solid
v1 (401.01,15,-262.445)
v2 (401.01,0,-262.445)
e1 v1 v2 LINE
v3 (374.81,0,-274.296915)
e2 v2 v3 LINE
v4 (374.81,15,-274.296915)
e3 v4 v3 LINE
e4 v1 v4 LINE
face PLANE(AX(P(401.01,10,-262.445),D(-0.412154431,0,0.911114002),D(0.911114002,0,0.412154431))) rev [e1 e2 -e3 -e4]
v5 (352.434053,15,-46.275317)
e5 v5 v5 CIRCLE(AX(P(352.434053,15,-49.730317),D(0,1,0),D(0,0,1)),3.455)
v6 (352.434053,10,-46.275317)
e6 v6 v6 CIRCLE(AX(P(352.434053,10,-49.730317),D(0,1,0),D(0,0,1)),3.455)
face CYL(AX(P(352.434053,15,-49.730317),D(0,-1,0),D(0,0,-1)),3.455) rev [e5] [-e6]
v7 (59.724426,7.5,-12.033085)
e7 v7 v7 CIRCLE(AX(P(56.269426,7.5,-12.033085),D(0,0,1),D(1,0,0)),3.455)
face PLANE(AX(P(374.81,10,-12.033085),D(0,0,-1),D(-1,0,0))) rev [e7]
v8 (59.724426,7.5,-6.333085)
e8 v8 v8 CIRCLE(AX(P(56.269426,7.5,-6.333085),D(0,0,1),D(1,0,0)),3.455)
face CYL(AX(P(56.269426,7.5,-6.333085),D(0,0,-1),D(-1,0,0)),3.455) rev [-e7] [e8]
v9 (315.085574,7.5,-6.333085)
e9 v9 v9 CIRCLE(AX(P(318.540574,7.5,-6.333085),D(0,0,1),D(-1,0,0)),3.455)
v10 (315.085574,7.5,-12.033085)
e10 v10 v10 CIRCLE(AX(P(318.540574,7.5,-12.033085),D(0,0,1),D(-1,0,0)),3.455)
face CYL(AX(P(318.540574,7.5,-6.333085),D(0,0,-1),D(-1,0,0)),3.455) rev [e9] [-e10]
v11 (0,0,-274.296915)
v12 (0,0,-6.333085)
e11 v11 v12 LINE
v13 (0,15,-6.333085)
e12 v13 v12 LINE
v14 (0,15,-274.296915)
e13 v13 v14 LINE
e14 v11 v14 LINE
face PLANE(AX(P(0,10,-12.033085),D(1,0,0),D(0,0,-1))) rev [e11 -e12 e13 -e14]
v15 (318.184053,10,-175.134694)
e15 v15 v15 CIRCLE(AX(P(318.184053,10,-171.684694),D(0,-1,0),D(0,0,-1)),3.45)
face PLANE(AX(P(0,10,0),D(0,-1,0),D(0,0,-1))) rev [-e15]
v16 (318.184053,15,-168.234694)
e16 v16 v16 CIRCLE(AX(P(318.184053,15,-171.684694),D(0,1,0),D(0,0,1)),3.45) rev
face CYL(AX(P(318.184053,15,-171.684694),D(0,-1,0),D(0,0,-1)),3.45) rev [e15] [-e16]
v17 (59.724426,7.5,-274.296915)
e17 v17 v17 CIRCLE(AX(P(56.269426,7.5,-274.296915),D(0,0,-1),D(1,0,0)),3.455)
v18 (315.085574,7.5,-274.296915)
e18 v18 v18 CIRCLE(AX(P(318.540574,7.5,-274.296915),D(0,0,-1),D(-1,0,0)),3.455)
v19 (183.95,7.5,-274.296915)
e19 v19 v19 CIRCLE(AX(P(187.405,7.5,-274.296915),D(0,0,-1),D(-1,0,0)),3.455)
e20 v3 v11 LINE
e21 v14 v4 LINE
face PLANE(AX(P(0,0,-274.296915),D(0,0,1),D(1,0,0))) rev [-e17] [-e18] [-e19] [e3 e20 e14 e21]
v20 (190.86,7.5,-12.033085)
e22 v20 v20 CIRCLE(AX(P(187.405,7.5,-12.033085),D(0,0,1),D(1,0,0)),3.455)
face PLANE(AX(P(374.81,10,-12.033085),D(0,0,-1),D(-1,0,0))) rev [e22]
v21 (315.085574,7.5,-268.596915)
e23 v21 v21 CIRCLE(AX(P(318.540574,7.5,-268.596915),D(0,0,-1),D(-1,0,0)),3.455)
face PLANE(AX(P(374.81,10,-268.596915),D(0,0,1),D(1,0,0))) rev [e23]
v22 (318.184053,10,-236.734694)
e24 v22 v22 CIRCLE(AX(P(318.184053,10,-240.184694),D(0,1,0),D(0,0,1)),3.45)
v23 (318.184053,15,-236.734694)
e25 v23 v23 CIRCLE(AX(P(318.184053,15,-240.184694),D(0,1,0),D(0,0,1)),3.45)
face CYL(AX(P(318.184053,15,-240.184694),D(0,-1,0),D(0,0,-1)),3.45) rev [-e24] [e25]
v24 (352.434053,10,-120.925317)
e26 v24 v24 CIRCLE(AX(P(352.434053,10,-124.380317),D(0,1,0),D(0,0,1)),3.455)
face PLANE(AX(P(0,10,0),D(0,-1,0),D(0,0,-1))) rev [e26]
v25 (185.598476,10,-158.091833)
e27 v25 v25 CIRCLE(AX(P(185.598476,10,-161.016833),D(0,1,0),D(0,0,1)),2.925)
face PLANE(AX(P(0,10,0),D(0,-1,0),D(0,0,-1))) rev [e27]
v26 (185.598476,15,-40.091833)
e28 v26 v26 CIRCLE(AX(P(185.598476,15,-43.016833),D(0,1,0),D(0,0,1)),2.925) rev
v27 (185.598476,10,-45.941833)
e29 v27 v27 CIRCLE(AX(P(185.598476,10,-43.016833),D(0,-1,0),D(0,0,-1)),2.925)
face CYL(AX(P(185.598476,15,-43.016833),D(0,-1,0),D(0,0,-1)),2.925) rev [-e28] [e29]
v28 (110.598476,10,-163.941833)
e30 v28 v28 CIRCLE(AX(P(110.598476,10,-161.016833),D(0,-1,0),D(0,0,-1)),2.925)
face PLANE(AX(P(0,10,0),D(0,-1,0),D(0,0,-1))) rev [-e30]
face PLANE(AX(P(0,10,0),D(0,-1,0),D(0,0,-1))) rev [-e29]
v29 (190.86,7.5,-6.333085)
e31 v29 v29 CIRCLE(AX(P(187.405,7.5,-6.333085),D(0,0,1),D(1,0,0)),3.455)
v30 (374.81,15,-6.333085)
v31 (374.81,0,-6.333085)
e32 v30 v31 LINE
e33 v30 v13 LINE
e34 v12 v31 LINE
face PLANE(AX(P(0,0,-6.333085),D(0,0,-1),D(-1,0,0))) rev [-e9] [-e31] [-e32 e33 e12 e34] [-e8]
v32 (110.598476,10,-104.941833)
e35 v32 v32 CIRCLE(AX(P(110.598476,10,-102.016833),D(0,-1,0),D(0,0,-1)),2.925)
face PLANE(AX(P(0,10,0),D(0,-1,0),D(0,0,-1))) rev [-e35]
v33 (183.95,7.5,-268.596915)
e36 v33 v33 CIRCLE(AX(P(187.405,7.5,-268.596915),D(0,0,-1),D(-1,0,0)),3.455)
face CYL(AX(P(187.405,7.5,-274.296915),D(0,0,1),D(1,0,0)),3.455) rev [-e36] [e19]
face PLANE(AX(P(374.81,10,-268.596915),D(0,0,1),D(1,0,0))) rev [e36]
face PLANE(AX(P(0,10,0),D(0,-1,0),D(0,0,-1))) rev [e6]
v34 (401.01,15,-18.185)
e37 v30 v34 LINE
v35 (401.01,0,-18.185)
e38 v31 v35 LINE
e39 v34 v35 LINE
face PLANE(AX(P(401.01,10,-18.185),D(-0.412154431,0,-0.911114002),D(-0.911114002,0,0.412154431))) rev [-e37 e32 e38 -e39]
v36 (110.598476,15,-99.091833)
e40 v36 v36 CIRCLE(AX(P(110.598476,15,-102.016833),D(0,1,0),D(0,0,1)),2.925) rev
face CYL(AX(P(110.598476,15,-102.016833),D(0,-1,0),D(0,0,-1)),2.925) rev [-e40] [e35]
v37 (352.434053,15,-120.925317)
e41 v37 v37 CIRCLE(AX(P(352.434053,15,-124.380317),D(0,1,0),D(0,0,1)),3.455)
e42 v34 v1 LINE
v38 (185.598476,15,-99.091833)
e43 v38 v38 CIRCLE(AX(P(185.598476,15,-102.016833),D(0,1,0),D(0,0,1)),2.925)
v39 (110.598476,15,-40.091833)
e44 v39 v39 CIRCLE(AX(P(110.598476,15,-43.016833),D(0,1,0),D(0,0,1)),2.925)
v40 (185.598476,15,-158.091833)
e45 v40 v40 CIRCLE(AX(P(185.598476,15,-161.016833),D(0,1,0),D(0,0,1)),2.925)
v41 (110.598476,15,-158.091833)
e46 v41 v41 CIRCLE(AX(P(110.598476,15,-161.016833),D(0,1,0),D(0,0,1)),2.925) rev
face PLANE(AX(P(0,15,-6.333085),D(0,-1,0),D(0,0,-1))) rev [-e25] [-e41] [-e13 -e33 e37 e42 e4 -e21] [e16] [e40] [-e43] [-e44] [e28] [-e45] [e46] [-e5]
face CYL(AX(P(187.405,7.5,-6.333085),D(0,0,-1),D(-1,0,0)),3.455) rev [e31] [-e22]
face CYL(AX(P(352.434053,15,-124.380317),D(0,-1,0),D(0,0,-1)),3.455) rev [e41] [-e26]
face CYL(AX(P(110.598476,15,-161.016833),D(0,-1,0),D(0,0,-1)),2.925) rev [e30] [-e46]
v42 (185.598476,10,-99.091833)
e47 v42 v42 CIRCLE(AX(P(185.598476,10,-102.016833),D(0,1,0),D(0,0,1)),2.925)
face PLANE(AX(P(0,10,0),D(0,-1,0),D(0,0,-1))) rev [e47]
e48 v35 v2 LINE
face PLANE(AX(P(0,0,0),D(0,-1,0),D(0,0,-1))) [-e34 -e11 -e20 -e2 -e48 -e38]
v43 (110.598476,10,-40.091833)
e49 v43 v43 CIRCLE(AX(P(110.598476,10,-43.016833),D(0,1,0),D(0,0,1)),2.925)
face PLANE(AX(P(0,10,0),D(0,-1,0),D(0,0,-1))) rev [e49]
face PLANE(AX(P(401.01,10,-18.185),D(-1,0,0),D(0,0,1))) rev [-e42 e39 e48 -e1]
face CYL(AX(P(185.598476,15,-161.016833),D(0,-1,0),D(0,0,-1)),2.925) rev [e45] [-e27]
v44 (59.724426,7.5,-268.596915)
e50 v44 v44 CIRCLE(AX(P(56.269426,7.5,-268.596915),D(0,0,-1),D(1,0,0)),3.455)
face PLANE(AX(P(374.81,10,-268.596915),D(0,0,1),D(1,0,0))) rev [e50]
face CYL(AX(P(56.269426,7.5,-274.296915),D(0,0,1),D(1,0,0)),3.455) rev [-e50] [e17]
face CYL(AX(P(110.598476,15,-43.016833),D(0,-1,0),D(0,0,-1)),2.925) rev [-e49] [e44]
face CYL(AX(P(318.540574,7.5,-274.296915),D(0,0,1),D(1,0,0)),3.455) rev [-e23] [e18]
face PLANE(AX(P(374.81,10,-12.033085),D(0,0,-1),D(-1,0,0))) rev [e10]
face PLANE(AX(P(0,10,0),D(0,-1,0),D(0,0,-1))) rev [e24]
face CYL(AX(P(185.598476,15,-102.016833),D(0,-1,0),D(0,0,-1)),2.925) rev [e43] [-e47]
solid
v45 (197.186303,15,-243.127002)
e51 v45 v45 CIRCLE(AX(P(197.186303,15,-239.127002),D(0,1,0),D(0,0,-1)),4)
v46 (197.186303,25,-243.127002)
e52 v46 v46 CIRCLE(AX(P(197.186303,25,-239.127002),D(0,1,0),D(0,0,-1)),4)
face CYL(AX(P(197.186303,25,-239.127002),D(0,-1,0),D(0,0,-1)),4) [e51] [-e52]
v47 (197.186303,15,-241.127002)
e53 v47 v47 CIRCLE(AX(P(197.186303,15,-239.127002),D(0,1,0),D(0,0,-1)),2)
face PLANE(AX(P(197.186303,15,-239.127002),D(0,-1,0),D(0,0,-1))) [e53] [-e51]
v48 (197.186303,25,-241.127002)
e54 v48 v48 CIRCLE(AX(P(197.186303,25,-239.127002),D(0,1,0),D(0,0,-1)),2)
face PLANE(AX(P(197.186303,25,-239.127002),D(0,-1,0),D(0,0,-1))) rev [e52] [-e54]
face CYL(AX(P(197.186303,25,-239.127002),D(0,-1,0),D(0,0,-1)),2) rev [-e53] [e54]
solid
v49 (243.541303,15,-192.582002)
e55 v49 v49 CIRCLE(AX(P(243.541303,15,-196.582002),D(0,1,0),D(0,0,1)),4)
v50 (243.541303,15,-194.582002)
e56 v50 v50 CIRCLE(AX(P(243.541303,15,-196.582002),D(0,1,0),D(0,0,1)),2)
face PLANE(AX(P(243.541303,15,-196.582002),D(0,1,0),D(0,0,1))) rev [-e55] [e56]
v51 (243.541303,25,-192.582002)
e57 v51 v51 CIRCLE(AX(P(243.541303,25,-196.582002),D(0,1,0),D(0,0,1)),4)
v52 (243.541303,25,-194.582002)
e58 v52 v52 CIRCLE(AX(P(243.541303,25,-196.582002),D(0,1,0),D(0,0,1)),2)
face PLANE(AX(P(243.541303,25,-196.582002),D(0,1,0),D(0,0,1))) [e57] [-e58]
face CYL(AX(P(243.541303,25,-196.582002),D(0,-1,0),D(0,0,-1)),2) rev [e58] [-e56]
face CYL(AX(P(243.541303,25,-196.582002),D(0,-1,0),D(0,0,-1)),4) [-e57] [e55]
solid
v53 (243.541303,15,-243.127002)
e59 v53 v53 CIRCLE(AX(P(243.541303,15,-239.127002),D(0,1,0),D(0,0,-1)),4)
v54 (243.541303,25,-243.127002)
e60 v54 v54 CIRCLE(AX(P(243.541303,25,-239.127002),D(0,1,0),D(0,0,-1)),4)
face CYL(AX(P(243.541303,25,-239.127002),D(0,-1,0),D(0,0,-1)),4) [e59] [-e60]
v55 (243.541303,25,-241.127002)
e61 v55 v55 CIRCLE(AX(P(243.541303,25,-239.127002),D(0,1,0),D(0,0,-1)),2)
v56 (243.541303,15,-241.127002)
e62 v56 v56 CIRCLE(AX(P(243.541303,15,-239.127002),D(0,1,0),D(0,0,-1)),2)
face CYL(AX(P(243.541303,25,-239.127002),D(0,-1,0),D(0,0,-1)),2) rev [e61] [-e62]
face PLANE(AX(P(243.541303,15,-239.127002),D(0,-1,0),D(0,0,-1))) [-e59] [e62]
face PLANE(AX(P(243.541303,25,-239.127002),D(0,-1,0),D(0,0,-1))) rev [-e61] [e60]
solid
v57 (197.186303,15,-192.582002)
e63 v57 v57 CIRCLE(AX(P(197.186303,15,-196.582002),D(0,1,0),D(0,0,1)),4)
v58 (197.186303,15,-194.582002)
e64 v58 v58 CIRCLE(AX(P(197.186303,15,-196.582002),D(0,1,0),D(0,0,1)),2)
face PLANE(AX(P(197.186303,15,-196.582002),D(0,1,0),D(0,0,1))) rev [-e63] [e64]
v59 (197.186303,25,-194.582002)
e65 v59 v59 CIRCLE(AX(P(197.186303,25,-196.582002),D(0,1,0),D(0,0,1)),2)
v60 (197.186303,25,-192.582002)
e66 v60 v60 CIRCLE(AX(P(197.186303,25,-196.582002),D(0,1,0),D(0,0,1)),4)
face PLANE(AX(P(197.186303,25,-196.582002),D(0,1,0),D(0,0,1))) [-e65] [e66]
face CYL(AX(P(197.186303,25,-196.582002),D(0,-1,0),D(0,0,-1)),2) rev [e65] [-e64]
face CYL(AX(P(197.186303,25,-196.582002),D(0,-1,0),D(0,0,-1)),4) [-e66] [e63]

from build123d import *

# Parameters (mm, degrees)
BOSS_EXTRUDE1_DEPTH   = 10
SKETCH2_R             = 2.925
SKETCH2_R_2           = 3.455
SKETCH2_R_3           = 3.45
BOSS_EXTRUDE3_DEPTH   = 5
SKETCH3_R             = 4
SKETCH3_R_2           = 2
BOSS_EXTRUDE4_DEPTH   = 10
BOSS_EXTRUDE4_2_DEPTH = 10
BOSS_EXTRUDE4_3_DEPTH = 10
BOSS_EXTRUDE4_4_DEPTH = 10
SKETCH4_W             = 374.81
SKETCH4_H             = 15
SKETCH4_R             = 3.455
BOSS_EXTRUDE5_DEPTH   = 5.7
SKETCH5_W             = 374.81
SKETCH5_H             = 15
SKETCH5_R             = 3.455
BOSS_EXTRUDE6_DEPTH   = 5.7


with BuildPart() as part:
    # Sketch1 → Boss-Extrude1 (new body)
    with BuildSketch(Plane(origin=(0, 0, 0), x_dir=(1, 0, 0), z_dir=(0, 1, 0))):
        Polygon((0, 12.033084577), (0, 268.596915423), (374.81, 268.596915423), (374.81, 274.296915423), (401.01, 262.445), (401.01, 18.185), (374.81, 6.333084577), (374.81, 12.033084577), align=None)
    extrude(amount=BOSS_EXTRUDE1_DEPTH)



with BuildPart() as body_2:
    # Sketch2 → Boss-Extrude3 (new body)
    with BuildSketch(Plane(origin=(0, 10, 0), x_dir=(1, 0, 0), z_dir=(0, 1, 0))):
        Polygon((0, 268.596915423), (0, 12.033084577), (374.81, 12.033084577), (374.81, 6.333084577), (401.01, 18.185), (401.01, 262.445), (374.81, 274.296915423), (374.81, 268.596915423), align=None)
        with Locations((185.598476412, 102.016832694)):
            Circle(SKETCH2_R, mode=Mode.SUBTRACT)
        with Locations((185.598476412, 161.016832694)):
            Circle(SKETCH2_R, mode=Mode.SUBTRACT)
        with Locations((185.598476412, 43.016832694)):
            Circle(SKETCH2_R, mode=Mode.SUBTRACT)
        with Locations((110.598476412, 43.016832694)):
            Circle(SKETCH2_R, mode=Mode.SUBTRACT)
        with Locations((110.598476412, 102.016832694)):
            Circle(SKETCH2_R, mode=Mode.SUBTRACT)
        with Locations((110.598476412, 161.016832694)):
            Circle(SKETCH2_R, mode=Mode.SUBTRACT)
        with Locations((352.434052915, 124.380316665)):
            Circle(SKETCH2_R_2, mode=Mode.SUBTRACT)
        with Locations((352.434052915, 49.730316665)):
            Circle(SKETCH2_R_2, mode=Mode.SUBTRACT)
        with Locations((318.184052915, 240.18469423)):
            Circle(SKETCH2_R_3, mode=Mode.SUBTRACT)
        with Locations((318.184052915, 171.68469423)):
            Circle(SKETCH2_R_3, mode=Mode.SUBTRACT)
    extrude(amount=BOSS_EXTRUDE3_DEPTH)


with BuildPart() as body_3:
    # Sketch3 → Boss-Extrude4 (new body)
    with BuildSketch(Plane(origin=(0, 15, 0), x_dir=(1, 0, 0), z_dir=(0, 1, 0))):
        with Locations((197.186302821, 196.582002179)):
            Circle(SKETCH3_R)
        with Locations((197.186302821, 196.582002179)):
            Circle(SKETCH3_R_2, mode=Mode.SUBTRACT)
    extrude(amount=BOSS_EXTRUDE4_DEPTH)


with BuildPart() as body_4:
    # Sketch3 → Boss-Extrude4 2 (new body)
    with BuildSketch(Plane(origin=(0, 15, 0), x_dir=(1, 0, 0), z_dir=(0, 1, 0))):
        with Locations((197.186302821, 239.127002179)):
            Circle(SKETCH3_R)
        with Locations((197.186302821, 239.127002179)):
            Circle(SKETCH3_R_2, mode=Mode.SUBTRACT)
    extrude(amount=BOSS_EXTRUDE4_2_DEPTH)


with BuildPart() as body_5:
    # Sketch3 → Boss-Extrude4 3 (new body)
    with BuildSketch(Plane(origin=(0, 15, 0), x_dir=(1, 0, 0), z_dir=(0, 1, 0))):
        with Locations((243.541302821, 239.127002179)):
            Circle(SKETCH3_R)
        with Locations((243.541302821, 239.127002179)):
            Circle(SKETCH3_R_2, mode=Mode.SUBTRACT)
    extrude(amount=BOSS_EXTRUDE4_3_DEPTH)


with BuildPart() as body_6:
    # Sketch3 → Boss-Extrude4 4 (new body)
    with BuildSketch(Plane(origin=(0, 15, 0), x_dir=(1, 0, 0), z_dir=(0, 1, 0))):
        with Locations((243.541302821, 196.582002179)):
            Circle(SKETCH3_R)
        with Locations((243.541302821, 196.582002179)):
            Circle(SKETCH3_R_2, mode=Mode.SUBTRACT)
    extrude(amount=BOSS_EXTRUDE4_4_DEPTH)


with BuildPart() as part_1:
    add(part.part)

    add(body_2.part)  # Boss-Extrude5 merges body 2
    # Sketch4 → Boss-Extrude5 (add)
    with BuildSketch(Plane.XY.offset(-12.033084577)):
        with Locations((187.405, 7.5)):
            Rectangle(SKETCH4_W, SKETCH4_H)
        with Locations((187.405, 7.5)):
            Circle(SKETCH4_R, mode=Mode.SUBTRACT)
        with Locations((56.269425864, 7.5)):
            Circle(SKETCH4_R, mode=Mode.SUBTRACT)
        with Locations((318.540574136, 7.5)):
            Circle(SKETCH4_R, mode=Mode.SUBTRACT)
    extrude(amount=BOSS_EXTRUDE5_DEPTH)

    # Sketch5 → Boss-Extrude6 (add)
    with BuildSketch(Plane(origin=(0, 0, -268.596915423), x_dir=(-1, 0, 0), z_dir=(0, 0, -1))):
        with Locations((-187.405, 7.5)):
            Rectangle(SKETCH5_W, SKETCH5_H)
        with Locations((-187.405, 7.5)):
            Circle(SKETCH5_R, mode=Mode.SUBTRACT)
        with Locations((-318.540574136, 7.5)):
            Circle(SKETCH5_R, mode=Mode.SUBTRACT)
        with Locations((-56.269425864, 7.5)):
            Circle(SKETCH5_R, mode=Mode.SUBTRACT)
    extrude(amount=BOSS_EXTRUDE6_DEPTH)


solid = Compound([body_3.part, body_4.part, body_5.part, body_6.part, part_1.part])
